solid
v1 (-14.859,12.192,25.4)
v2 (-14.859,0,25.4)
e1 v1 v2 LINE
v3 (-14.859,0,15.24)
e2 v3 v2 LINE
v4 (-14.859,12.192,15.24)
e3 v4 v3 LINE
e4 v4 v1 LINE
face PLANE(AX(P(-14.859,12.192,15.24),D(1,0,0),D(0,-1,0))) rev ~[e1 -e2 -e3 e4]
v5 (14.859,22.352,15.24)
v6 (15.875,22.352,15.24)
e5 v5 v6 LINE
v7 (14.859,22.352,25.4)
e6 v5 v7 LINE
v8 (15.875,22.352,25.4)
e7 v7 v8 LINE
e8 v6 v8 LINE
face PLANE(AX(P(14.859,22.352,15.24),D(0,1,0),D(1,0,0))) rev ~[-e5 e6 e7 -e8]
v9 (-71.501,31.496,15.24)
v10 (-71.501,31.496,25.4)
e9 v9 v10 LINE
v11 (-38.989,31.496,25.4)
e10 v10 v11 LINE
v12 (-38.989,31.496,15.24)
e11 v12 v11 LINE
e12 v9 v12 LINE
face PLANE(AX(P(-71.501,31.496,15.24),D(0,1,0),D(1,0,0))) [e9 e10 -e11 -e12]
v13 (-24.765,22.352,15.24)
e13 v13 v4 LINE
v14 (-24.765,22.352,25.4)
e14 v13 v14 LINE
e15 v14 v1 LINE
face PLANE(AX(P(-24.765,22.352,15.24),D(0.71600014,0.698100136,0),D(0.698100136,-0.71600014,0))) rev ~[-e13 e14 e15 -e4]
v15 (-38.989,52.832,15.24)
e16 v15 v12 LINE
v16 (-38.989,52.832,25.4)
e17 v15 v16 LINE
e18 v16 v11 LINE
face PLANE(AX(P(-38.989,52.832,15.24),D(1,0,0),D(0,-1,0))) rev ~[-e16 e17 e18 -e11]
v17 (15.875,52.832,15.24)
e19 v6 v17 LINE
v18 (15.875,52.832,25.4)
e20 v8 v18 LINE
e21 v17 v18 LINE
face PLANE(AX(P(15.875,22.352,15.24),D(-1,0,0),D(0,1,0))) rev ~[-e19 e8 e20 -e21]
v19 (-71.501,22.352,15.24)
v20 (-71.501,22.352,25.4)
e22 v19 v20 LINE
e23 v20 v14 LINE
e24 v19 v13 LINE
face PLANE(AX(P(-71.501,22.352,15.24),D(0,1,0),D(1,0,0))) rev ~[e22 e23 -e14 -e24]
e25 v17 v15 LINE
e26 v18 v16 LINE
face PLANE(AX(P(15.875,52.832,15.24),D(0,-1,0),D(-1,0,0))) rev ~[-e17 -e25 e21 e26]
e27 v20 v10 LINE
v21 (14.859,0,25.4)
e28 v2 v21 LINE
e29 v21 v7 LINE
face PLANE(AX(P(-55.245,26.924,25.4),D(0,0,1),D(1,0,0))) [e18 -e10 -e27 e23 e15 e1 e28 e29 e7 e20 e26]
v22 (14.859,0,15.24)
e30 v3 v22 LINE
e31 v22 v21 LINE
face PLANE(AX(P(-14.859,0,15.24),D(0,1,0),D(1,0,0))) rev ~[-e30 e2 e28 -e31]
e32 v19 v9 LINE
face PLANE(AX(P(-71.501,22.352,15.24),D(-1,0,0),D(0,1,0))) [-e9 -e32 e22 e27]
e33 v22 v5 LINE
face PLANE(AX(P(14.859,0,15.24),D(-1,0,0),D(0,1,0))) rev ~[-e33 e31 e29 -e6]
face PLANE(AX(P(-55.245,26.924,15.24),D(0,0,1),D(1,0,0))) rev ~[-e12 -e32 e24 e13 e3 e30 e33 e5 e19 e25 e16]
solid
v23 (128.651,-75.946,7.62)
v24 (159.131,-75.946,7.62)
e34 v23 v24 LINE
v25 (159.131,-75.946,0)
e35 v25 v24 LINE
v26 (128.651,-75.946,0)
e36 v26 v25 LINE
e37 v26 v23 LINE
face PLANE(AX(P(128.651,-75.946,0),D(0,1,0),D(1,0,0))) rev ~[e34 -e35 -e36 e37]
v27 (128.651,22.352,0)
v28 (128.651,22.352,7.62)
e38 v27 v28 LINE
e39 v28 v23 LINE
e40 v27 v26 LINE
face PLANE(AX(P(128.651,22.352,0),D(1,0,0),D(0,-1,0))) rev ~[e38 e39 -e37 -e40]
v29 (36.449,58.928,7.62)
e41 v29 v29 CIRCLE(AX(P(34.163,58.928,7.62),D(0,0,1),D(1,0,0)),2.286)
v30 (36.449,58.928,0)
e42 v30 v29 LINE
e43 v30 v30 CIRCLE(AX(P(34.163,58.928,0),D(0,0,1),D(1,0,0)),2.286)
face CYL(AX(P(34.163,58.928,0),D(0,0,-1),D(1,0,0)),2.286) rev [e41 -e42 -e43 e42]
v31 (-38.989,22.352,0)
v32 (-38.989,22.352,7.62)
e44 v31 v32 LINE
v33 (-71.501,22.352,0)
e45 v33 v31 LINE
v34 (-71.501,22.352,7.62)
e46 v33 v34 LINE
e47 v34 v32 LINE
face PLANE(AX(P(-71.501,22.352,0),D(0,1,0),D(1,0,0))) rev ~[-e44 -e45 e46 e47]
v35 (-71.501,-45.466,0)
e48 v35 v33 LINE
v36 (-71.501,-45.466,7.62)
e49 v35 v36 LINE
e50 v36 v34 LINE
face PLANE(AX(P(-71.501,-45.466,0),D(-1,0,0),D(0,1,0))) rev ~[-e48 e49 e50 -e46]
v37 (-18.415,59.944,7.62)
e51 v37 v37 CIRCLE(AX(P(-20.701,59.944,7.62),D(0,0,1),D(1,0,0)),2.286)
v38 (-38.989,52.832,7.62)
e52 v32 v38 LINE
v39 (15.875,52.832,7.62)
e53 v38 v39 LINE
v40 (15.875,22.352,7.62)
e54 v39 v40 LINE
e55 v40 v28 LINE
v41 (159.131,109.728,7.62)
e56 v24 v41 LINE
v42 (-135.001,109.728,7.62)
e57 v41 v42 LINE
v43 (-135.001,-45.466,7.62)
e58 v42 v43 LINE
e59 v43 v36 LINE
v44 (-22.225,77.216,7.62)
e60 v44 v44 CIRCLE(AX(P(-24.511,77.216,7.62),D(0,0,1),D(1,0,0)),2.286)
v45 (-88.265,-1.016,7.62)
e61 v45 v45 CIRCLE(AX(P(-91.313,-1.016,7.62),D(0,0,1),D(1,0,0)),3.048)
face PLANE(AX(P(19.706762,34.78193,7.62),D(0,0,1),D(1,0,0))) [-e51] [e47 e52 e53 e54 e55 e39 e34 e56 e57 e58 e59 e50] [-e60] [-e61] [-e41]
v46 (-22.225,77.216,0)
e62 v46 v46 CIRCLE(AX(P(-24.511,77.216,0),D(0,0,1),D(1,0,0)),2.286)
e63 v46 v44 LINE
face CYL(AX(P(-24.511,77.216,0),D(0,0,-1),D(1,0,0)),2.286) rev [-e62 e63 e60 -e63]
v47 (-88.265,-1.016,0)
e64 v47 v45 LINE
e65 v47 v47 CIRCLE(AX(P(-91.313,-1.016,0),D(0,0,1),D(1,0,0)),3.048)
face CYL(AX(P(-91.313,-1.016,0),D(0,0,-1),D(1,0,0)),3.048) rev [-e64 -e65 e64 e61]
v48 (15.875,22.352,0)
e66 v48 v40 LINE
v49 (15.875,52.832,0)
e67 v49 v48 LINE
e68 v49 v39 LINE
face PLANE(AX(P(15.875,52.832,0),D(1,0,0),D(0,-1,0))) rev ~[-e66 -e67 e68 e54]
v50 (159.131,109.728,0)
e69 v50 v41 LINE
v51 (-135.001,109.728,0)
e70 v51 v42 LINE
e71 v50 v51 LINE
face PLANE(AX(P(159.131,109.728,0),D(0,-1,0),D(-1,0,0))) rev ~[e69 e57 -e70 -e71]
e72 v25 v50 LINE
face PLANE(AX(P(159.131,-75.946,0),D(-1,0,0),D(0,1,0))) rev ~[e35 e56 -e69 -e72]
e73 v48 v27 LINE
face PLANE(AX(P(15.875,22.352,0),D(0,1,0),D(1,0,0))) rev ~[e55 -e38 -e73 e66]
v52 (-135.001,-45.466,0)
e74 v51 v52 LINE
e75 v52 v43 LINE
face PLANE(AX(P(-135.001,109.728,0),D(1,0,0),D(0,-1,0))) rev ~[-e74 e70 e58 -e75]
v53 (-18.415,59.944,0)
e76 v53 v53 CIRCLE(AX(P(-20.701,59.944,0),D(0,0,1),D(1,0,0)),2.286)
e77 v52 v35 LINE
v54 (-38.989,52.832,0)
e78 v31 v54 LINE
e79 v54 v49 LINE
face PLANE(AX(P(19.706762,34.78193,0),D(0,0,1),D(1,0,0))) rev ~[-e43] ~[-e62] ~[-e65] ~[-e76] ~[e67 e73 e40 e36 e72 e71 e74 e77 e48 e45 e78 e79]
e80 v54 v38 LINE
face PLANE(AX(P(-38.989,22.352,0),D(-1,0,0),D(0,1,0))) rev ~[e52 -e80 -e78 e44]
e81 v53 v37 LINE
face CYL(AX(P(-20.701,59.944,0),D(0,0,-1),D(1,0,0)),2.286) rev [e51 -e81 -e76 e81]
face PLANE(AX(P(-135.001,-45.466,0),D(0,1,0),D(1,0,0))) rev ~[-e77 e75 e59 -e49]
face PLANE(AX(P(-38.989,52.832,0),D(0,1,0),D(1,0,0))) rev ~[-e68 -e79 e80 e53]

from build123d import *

# Parameters (mm, degrees)
F0_R     = 3.048
F0_R_2   = 2.286
F2_DEPTH = 7.62
F3_W     = 32.512
F3_H     = 9.144
F4_DEPTH = 10.16


with BuildPart() as f2:
    # F0 (on Top) → F2 (new body)
    with BuildSketch(Plane.XY):
        Polygon((15.875, 52.832), (15.875, 22.352), (128.651, 22.352), (128.651, -45.466), (128.651, -75.946), (159.131, -75.946), (159.131, 109.728), (-135.001, 109.728), (-135.001, -45.466), (-71.501, -45.466), (-71.501, 22.352), (-38.989, 22.352), (-38.989, 52.832), align=None)
        with Locations((-91.313, -1.016)):
            Circle(F0_R, mode=Mode.SUBTRACT)
        with Locations((-20.701, 59.944)):
            Circle(F0_R_2, mode=Mode.SUBTRACT)
        with Locations((-24.511, 77.216)):
            Circle(F0_R_2, mode=Mode.SUBTRACT)
        with Locations((34.163, 58.928)):
            Circle(F0_R_2, mode=Mode.SUBTRACT)
    extrude(amount=F2_DEPTH)


with BuildPart() as f4:
    # F3 (on offset) → F4 (new body)
    with BuildSketch(Plane.XY.offset(15.24)):
        with Locations((-55.245, 26.924)):
            Rectangle(F3_W, F3_H)
        Polygon((14.859, 22.352), (-24.765, 22.352), (-14.859, 12.192), (-14.859, 0), (14.859, 0), align=None)
        Polygon((-38.989, 31.496), (-38.989, 22.352), (-24.765, 22.352), (14.859, 22.352), (15.875, 22.352), (15.875, 52.832), (-38.989, 52.832), align=None)
    extrude(amount=F4_DEPTH)


solid = Compound([f2.part, f4.part])
